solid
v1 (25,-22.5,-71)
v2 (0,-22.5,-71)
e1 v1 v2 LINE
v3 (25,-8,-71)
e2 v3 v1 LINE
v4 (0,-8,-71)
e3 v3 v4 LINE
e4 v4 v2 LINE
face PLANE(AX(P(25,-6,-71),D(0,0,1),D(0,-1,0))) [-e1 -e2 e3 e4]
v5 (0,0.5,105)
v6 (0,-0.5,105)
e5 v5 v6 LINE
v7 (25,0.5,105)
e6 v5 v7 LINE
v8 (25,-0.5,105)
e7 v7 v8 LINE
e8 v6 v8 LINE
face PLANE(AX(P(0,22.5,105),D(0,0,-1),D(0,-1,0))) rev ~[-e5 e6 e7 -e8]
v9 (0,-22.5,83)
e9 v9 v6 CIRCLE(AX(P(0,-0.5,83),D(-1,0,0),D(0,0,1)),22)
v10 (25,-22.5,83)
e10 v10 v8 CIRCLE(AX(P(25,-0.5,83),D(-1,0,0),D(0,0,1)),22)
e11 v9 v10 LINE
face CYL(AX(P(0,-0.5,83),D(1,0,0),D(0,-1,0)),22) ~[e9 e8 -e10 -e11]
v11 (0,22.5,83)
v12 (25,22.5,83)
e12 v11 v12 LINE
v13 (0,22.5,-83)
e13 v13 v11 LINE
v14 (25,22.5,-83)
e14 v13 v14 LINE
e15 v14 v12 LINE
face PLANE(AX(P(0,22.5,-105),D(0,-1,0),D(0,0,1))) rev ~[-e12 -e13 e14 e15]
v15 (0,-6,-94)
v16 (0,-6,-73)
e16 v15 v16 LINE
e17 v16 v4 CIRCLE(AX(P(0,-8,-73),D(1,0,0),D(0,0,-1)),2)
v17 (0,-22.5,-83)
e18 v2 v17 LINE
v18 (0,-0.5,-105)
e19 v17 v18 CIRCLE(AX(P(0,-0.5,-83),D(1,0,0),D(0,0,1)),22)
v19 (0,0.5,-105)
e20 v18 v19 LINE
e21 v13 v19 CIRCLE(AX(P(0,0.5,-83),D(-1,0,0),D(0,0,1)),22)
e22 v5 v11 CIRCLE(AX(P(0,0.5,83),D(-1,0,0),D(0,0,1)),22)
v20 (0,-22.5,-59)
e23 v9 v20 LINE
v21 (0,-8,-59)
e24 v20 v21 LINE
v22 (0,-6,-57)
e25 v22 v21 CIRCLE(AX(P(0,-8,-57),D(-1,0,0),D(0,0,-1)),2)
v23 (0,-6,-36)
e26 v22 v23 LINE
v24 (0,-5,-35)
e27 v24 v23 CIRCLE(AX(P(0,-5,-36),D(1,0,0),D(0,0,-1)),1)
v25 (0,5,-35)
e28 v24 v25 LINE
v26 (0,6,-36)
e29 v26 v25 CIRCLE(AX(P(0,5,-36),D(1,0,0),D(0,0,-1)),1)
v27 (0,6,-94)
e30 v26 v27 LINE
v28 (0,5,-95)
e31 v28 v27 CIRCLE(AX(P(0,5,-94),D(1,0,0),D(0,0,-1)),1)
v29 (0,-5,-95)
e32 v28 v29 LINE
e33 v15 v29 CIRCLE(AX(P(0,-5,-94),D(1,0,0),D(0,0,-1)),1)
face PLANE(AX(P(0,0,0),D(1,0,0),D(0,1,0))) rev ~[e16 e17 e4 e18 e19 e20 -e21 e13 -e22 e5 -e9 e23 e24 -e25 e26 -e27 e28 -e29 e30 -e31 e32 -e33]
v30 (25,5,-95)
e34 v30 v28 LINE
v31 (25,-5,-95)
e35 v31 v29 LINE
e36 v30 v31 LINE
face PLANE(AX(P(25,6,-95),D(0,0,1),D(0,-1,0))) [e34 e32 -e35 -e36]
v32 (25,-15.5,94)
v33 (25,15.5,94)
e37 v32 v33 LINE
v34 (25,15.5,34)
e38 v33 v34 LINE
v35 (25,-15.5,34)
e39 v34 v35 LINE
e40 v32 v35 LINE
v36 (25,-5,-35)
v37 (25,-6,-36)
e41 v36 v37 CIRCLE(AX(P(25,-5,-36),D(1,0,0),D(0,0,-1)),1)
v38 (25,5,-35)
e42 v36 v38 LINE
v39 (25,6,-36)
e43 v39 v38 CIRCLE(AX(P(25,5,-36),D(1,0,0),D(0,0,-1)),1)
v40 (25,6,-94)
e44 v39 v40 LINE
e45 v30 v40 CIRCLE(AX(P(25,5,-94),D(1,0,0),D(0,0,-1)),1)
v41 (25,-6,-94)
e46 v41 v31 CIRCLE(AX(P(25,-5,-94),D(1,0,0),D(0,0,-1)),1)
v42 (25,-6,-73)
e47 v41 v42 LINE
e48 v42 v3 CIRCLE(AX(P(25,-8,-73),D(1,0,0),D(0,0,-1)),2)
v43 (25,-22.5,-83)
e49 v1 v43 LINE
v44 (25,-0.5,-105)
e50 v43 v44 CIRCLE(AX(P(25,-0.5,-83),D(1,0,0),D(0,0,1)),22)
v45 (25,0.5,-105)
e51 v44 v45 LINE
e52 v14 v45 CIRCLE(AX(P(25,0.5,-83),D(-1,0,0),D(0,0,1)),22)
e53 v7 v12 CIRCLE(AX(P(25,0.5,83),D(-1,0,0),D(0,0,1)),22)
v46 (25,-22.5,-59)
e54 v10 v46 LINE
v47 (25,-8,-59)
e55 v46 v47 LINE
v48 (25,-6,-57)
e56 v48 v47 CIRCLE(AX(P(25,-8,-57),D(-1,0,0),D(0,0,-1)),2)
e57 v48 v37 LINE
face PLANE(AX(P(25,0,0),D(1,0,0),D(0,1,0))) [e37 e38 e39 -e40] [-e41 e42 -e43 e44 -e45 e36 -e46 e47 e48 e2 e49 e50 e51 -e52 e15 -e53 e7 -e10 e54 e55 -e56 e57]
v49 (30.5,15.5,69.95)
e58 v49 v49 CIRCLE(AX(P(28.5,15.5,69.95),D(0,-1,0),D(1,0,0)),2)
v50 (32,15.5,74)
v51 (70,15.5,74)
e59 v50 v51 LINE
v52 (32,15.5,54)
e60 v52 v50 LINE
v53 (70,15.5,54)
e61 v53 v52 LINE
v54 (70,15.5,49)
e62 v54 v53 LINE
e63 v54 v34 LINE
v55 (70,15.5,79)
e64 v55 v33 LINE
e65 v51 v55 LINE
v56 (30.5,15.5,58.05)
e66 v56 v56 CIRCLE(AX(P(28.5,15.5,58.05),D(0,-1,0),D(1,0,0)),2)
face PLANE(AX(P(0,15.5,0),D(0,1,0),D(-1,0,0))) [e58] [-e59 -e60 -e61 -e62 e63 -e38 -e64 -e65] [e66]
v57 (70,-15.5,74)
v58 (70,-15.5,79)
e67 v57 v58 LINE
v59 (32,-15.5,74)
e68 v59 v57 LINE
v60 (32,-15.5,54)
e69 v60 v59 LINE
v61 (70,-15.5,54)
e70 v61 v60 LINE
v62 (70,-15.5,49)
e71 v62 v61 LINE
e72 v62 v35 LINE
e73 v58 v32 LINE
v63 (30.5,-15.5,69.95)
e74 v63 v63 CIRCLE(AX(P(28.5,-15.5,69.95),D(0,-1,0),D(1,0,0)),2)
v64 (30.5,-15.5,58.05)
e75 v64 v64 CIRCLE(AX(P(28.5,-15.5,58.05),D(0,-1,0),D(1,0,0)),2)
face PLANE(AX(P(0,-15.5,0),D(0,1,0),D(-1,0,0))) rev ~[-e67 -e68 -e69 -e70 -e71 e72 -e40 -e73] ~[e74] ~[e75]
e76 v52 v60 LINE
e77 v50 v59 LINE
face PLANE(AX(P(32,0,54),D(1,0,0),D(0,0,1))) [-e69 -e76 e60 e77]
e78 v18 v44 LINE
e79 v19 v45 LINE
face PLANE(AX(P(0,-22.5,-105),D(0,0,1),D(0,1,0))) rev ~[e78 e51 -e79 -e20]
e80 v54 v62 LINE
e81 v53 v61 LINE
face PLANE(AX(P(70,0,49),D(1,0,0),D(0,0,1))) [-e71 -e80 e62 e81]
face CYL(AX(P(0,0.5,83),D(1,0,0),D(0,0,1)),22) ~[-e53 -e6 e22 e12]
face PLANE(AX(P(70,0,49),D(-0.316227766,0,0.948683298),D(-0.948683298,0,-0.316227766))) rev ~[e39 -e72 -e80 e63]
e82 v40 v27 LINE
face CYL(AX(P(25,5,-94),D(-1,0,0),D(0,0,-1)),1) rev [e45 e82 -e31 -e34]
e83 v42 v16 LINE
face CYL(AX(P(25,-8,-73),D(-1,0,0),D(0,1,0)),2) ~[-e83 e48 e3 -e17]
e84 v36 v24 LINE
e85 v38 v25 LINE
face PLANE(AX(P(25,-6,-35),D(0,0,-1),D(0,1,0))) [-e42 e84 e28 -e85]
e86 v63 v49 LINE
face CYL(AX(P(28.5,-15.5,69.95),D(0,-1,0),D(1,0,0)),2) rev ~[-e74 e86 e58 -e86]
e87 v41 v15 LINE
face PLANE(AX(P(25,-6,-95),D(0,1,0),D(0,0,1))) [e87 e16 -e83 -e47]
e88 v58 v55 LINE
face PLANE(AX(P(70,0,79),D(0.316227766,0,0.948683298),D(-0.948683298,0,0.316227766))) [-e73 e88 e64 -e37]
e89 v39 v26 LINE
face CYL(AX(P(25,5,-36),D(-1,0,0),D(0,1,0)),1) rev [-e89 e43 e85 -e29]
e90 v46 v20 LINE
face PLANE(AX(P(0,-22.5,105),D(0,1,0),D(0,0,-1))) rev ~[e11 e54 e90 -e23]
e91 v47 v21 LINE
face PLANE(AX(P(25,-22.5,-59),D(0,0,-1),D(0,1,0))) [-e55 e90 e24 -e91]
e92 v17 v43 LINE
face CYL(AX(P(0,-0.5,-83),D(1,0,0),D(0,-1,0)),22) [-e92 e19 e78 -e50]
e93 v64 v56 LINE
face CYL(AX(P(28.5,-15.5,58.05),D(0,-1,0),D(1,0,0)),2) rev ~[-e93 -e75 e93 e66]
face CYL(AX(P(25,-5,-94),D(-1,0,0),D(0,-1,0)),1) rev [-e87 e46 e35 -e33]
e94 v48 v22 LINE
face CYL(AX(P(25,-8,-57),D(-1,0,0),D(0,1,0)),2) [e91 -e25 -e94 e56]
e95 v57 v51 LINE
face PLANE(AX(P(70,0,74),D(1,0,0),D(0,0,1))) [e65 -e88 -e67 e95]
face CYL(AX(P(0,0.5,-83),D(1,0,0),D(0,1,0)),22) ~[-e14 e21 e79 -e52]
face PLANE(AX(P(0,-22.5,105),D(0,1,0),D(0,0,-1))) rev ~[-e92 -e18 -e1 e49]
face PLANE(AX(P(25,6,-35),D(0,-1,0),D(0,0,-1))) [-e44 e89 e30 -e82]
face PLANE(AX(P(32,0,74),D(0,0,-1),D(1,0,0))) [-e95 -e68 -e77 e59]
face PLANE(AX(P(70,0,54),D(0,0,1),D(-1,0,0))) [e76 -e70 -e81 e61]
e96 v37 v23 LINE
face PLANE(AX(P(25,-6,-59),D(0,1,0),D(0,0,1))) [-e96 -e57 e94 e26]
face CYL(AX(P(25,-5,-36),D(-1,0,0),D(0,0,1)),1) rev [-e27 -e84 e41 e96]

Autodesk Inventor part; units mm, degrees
ref_plane "YZ Plane" through (0, 0, 0) normal (1, 0, 0) x (0, 1, 0)
ref_plane "XZ Plane" through (0, 0, 0) normal (0, 1, 0) x (-1, 0, 0)
ref_plane "XY Plane" through (0, 0, 0) normal (0, 0, 1) x (1, 0, 0)
sketch "草圖1" plane through (0, 0, 0) normal (1, 0, 0) x (0, 1, 0)
  line L0 (-22.5, -105) -> (22.5, -105)
  line L1 (22.5, -105) -> (22.5, 105)
  line L2 (22.5, 105) -> (-22.5, 105)
  line L3 (-22.5, 105) -> (-22.5, -105)
  line L4 (-22.5, -105) -> (22.5, 105) construction
  line L5 (22.5, -105) -> (-22.5, 105) construction
  point P0 (0, 0)
  dimension "d0" = 210
  dimension "d1" = 45
extrude "擠出1" add sketch "草圖1" along normal blind 25
fillet "圓角1" radius 22 4 edges at (12.5, 22.5, 105) (12.5, -22.5, 105) (12.5, 22.5, -105) (12.5, -22.5, -105)
sketch "草圖2" plane through (25, 0, 0) normal (1, 0, 0) x (0, 0, -1)
  line L0 (35, 6) -> (95, 6)
  line L1 (95, 6) -> (95, -6)
  line L2 (35, -6) -> (35, 6)
  line L3 (71, -6) -> (71, -22.5)
  line L4 (71, -22.5) -> (59, -22.5)
  line L5 (59, -22.5) -> (59, -6)
  line L6 (0, 0) -> (51.0559, 0) construction
  line L7 (95, -6) -> (71, -6)
  line L8 (59, -6) -> (35, -6)
  line L9 (65, -22.5) -> (65, 6) construction
  line L10 (-83, -22.5) -> (83, -22.5) construction
  line L11 (105, -0.5) -> (105, 0.5) projected
  dimension "d5" = 12
  dimension "d6" = 60
  dimension "d7" = 12
  dimension "d8" = 10
extrude "擠出2" cut sketch "草圖2" against normal blind 25
fillet "圓角2" radius 1 4 edges at (12.5, 6, -35) (12.5, -6, -35) (12.5, 6, -95) (12.5, -6, -95)
fillet "圓角3" radius 2 2 edges at (12.5, -6, -59) (12.5, -6, -71)
sketch "草圖3" plane through (0, 0, 0) normal (0, 1, 0) x (-1, 0, 0)
  line L0 (-25, 94) -> (-25, 34)
  line L1 (-70, 79) -> (-25, 94)
  line L2 (-70, 49) -> (-25, 34)
  line L3 (-32, 74) -> (-70, 74)
  line L4 (-70, 54) -> (-32, 54)
  line L5 (-32, 54) -> (-32, 74)
  line L6 (-70, 49) -> (-70, 54)
  line L7 (-70, 74) -> (-70, 79)
  line L8 (-32, 64) -> (-25, 64) construction
  line L9 (-25, 83) -> (-25, -59) construction
  line L10 (0, -59) -> (-25, -59) projected
  point P0 (0, 0)
  dimension "d13" = 113
  dimension "d14" = 20
  dimension "d15" = 5
  dimension "d16" = 20
  dimension "d17" = 45
  dimension "d21" = 38
extrude "擠出3" add sketch "草圖3" along normal mid plane 31
sketch "草圖4" plane through (0, -15.5, 0) normal (0, -1, 0) x (1, 0, 0)
  circle A0 centre (28.5, 69.95) radius 2
  circle A1 centre (28.5, 58.05) radius 2
  line L0 (25, 105) -> (25, 83) construction
  line L1 (70, 64) -> (28.5, 64) construction
  line L2 (70, 74) -> (32, 74) construction
  line L3 (32, 54) -> (70, 54) construction
  point P0 (0, 0)
  dimension "d22" = 3.5
  dimension "d23" = 4
  dimension "d24" = 11.9
  dimension "d25" = 10
extrude "擠出4" cut sketch "草圖4" against normal blind 31
properties part number "base"
